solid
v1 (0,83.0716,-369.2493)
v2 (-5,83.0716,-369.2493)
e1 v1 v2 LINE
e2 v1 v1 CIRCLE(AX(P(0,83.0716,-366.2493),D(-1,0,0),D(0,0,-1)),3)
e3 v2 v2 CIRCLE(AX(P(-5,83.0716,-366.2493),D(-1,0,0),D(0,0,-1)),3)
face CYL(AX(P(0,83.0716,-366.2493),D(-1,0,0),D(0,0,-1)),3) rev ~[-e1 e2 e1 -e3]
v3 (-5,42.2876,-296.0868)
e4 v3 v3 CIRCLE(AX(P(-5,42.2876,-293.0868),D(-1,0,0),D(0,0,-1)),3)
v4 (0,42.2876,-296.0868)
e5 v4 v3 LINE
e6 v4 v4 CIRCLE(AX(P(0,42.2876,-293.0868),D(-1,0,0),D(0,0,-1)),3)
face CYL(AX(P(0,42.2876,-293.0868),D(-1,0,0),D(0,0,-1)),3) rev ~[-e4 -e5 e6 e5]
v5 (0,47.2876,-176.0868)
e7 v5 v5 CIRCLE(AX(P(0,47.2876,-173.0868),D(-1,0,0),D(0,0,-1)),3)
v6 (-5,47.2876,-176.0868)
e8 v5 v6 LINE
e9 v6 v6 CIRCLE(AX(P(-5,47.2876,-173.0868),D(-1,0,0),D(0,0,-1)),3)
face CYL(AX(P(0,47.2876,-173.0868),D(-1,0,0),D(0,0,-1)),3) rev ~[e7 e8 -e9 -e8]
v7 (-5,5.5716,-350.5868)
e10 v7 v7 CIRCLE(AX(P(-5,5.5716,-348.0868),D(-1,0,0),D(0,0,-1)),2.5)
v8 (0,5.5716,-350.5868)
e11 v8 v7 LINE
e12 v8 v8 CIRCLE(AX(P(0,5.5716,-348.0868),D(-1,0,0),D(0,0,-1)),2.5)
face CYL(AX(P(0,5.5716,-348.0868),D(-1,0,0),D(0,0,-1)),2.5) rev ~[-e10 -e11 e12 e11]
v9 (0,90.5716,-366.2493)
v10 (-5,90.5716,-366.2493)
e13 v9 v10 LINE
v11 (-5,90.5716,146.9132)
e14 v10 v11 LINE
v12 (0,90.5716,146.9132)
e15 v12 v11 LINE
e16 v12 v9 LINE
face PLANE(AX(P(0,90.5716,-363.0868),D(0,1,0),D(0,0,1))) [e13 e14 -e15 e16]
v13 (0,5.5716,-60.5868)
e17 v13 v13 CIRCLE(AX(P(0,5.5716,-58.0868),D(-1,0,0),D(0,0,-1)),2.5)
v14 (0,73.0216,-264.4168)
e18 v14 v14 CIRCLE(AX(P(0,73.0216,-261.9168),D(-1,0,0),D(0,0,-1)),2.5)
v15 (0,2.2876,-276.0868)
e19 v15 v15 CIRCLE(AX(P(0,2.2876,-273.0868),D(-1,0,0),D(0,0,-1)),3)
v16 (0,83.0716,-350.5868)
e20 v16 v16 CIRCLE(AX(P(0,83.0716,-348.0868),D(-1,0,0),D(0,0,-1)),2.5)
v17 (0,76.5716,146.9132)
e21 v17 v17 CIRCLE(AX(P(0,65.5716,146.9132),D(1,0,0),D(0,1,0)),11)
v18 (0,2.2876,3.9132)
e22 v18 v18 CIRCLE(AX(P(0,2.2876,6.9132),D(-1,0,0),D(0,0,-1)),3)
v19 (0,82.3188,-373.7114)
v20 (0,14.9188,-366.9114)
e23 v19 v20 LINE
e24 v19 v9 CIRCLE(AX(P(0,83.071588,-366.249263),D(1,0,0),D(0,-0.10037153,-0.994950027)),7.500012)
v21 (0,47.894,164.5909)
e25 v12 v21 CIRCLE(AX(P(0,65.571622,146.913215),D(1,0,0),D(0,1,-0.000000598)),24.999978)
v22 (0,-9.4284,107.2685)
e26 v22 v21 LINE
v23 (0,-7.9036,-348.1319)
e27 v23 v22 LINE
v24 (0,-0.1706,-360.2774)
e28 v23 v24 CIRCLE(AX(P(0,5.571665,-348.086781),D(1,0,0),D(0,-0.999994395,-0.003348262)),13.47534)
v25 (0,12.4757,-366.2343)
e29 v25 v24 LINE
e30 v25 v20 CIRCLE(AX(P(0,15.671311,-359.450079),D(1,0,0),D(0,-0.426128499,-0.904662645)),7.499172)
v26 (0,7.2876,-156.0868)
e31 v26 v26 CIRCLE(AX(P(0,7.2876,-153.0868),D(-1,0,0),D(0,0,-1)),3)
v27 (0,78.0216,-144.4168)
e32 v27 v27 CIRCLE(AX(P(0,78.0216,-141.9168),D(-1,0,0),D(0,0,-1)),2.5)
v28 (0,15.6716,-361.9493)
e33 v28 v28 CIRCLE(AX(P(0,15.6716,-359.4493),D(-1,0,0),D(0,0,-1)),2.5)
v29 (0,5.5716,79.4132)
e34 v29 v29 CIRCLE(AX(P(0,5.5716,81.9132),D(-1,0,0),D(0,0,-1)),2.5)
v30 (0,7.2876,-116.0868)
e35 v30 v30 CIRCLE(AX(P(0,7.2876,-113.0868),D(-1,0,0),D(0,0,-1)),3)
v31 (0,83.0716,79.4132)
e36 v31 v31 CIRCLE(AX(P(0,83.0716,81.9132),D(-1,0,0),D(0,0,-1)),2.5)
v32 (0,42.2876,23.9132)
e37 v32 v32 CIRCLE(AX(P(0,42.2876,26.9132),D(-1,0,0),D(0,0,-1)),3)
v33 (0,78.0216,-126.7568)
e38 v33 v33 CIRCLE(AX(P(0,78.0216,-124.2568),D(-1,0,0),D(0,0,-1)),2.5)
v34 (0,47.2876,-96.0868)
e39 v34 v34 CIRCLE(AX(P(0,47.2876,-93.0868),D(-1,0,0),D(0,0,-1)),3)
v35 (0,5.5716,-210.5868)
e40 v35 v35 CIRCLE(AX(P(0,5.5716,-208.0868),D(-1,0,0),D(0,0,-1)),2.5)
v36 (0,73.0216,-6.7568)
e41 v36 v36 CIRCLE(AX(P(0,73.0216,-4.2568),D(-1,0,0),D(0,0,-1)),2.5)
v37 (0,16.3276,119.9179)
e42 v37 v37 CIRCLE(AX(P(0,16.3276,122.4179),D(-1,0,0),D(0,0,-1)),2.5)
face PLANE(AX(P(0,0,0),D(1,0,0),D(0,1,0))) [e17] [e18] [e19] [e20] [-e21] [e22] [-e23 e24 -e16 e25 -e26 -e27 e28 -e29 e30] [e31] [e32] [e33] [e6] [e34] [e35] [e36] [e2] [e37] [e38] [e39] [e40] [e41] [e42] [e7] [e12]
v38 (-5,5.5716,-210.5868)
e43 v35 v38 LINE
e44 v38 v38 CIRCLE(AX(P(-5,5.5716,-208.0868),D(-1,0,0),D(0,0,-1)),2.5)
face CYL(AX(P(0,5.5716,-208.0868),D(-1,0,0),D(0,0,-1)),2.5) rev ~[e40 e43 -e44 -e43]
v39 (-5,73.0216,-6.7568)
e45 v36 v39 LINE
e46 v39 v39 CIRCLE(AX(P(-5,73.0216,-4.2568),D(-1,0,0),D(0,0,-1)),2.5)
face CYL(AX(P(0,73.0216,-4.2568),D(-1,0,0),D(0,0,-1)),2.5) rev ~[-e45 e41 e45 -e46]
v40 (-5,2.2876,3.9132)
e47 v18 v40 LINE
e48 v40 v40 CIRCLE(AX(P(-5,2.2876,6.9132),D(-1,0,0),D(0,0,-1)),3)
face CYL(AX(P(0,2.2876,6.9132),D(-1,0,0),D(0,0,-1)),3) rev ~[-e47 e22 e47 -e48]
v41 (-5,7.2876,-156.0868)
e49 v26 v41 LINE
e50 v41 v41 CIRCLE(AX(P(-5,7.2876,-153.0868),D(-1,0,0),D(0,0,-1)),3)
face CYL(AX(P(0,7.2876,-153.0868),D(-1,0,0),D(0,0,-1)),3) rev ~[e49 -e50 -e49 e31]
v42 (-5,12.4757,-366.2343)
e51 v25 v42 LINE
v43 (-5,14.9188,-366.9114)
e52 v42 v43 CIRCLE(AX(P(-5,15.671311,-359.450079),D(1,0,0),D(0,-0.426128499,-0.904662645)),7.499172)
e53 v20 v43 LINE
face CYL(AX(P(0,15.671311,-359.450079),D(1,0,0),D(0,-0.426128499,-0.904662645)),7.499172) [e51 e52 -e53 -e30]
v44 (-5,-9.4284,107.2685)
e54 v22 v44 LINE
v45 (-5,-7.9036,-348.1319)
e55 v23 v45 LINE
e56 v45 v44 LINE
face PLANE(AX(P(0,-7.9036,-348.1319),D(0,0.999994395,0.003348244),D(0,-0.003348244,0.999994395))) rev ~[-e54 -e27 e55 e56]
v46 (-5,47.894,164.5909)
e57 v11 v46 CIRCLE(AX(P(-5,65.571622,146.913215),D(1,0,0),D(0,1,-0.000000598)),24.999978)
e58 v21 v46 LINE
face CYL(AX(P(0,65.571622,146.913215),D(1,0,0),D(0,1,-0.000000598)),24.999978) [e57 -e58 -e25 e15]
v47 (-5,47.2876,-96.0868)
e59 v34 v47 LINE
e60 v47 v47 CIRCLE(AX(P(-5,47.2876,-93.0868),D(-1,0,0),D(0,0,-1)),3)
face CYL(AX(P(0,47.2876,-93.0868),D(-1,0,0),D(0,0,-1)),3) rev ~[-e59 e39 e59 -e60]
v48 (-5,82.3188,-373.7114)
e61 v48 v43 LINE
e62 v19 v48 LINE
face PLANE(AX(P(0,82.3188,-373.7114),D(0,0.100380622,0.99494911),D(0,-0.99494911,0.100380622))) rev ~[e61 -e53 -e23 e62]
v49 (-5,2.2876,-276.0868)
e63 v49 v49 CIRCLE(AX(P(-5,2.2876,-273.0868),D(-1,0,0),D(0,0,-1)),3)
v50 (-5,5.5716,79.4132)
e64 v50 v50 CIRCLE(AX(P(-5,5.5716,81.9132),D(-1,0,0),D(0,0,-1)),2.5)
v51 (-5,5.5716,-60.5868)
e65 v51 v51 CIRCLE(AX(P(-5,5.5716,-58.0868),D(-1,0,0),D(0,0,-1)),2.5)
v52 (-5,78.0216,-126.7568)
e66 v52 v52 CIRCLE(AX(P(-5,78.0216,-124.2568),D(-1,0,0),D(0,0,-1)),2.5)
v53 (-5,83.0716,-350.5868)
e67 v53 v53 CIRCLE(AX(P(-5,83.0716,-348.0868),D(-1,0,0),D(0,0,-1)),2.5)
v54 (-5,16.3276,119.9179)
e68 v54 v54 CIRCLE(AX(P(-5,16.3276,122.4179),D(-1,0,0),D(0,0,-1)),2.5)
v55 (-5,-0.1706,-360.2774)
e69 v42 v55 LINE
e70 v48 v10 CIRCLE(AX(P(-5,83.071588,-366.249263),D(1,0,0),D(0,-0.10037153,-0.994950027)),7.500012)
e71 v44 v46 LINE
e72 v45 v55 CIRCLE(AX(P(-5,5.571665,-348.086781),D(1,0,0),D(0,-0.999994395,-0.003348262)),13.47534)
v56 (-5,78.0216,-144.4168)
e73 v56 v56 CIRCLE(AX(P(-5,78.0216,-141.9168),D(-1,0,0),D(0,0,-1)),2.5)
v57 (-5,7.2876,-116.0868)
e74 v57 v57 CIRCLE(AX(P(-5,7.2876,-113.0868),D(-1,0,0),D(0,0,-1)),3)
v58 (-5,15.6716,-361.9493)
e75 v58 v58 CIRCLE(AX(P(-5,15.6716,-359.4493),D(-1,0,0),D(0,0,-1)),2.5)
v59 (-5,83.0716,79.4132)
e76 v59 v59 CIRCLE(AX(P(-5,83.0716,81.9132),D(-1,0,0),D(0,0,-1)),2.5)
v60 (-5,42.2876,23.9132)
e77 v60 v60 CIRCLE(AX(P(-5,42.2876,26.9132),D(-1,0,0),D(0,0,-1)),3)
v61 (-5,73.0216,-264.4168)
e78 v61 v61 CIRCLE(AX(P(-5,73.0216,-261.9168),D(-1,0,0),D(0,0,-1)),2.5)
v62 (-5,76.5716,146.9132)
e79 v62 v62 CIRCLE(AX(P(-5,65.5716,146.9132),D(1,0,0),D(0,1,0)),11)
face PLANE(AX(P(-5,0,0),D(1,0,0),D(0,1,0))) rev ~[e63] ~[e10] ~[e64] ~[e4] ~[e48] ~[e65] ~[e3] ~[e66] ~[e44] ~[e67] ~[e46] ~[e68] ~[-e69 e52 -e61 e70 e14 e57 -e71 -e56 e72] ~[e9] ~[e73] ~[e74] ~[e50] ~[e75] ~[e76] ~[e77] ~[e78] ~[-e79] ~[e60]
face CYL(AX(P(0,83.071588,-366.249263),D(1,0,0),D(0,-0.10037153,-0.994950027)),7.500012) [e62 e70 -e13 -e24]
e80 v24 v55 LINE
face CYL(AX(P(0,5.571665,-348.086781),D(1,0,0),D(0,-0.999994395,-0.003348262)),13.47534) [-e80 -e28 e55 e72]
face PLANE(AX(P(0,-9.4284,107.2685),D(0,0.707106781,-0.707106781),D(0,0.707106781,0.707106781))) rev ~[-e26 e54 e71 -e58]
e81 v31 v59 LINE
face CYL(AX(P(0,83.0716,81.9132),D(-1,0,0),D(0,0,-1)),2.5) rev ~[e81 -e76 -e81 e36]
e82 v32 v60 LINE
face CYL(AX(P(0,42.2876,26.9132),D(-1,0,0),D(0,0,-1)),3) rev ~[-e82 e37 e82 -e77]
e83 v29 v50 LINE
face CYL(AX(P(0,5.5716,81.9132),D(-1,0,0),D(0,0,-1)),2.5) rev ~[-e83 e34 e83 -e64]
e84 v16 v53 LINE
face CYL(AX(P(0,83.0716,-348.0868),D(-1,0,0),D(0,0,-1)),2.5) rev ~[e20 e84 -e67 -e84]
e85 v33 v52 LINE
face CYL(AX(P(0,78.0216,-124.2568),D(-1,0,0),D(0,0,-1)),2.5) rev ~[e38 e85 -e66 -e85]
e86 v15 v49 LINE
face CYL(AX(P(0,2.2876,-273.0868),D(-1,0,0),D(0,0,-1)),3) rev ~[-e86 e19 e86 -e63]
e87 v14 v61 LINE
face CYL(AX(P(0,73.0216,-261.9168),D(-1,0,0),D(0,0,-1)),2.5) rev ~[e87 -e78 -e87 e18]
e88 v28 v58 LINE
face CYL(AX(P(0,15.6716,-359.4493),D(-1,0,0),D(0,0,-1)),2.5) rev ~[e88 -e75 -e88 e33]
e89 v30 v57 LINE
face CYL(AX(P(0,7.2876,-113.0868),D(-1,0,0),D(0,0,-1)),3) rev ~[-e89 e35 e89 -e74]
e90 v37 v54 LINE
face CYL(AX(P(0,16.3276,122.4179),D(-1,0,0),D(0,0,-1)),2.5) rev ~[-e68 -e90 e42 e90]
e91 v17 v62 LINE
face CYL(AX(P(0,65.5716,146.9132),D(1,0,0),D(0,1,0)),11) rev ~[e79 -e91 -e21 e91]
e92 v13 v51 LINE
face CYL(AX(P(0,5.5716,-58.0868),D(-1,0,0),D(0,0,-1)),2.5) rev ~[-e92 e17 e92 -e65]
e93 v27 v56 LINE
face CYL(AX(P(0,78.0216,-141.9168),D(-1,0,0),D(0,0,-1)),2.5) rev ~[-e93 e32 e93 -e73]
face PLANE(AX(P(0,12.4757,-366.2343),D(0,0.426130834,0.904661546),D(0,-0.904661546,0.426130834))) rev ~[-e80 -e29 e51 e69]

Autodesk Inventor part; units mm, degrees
ref_plane "YZ Plane" through (0, 0, 0) normal (1, 0, 0) x (0, 1, 0)
ref_plane "XZ Plane" through (0, 0, 0) normal (0, 1, 0) x (-1, 0, 0)
ref_plane "XY Plane" through (0, 0, 0) normal (0, 0, 1) x (1, 0, 0)
sketch "Sketch2" plane through (0, 0, 0) normal (1, 0, 0) x (0, 1, 0)
  line L0 (127.2876, 96.9132) -> (-12.7124, 96.9132) construction
  line L1 (-12.7124, 96.9132) -> (-12.7124, -363.0868) construction
  line L2 (-12.7124, -363.0868) -> (127.2876, -363.0868) construction
  line L3 (127.2876, -363.0868) -> (127.2876, 96.9132) construction
  line L4 (97.2876, 66.9132) -> (17.2876, 66.9132) construction
  line L5 (17.2876, 66.9132) -> (17.2876, -333.0868) construction
  line L6 (17.2876, -333.0868) -> (97.2876, -333.0868) construction
  line L7 (97.2876, -333.0868) -> (97.2876, 66.9132) construction
  point P0 (0, 0)
  dimension "d2" = 140
  dimension "d3" = 460
  dimension "d4" = 80
  dimension "d5" = 400
  dimension "d6" = 30
  dimension "d7" = 30
sketch "Sketch3" plane through (0, 0, 0) normal (1, 0, 0) x (0, 1, 0)
  circle A0 centre (-62.7124, 66.9132) radius 20
  line L0 (-12.7124, 96.9132) -> (-12.7124, -363.0868) construction
  circle A1 centre (-62.7124, -13.0868) radius 20
  circle A2 centre (-62.7124, -93.0868) radius 20
  circle A3 centre (-62.7124, -173.0868) radius 20
  circle A4 centre (-62.7124, -253.0868) radius 20
  circle A5 centre (-62.7124, -333.0868) radius 20
  line L1 (127.2876, 96.9132) -> (-12.7124, 96.9132) construction
  point P0 (0, 0)
  dimension "d8" = 40
  dimension "d9" = 50
  dimension "d12" = 80
  dimension "d17" = 30
sketch "Sketch1" plane through (0, 0, 0) normal (1, 0, 0) x (0, 1, 0)
  circle A0 centre (45.5719, 146.9132) radius 40
  circle A1 centre (85.5719, -453.0868) radius 40
  line L0 (127.2876, 96.9132) -> (-12.7124, 96.9132) construction
  line L1 (-12.7124, -363.0868) -> (127.2876, -363.0868) construction
  line L2 (-62.7124, 66.9132) -> (-62.7124, -13.0868) construction
  line L3 (-62.7124, -253.0868) -> (-62.7124, -333.0868) construction
  line L4 (85.2399, 141.7706) -> (125.4799, -450.3748) construction
  circle A2 centre (-62.7124, 66.9132) radius 20 projected
  line L5 (17.2876, 175.1975) -> (-76.8545, 81.0553)
  circle A3 centre (-62.7124, -333.0868) radius 20 projected
  line L6 (-76.8545, -347.2289) -> (57.2876, -481.3711) construction
  point P0 (0, 0)
  dimension "d0" = 80
  dimension "d1" = 80
  dimension "d18" = 50
  dimension "d19" = 90
  dimension "d45" = 135
  dimension "d46" = 135
sketch "Sketch4" plane through (0, 0, 0) normal (1, 0, 0) x (0, 1, 0)
  line L0 (37.6815, -3.0868) -> (-57.7124, 26.9132) construction
  circle A0 centre (-62.7124, 66.9132) radius 20 projected
  circle A1 centre (-62.7124, -13.0868) radius 20 projected
  line L1 (-62.7124, 66.9132) -> (-62.7124, -13.0868) construction
  circle A2 centre (-27.7124, 112.5679) radius 20 construction
  circle A3 centre (-27.7124, 32.5679) radius 20 construction
  line L2 (-27.7124, 72.5679) -> (37.6815, -3.0868) construction
  line L3 (-27.7124, 72.5679) -> (-57.7124, 26.9132) construction
  line L4 (37.6815, -3.0868) -> (-42.7124, 49.7406) construction
  line L5 (-12.7124, 96.9132) -> (-12.7124, -363.0868) construction
  point P0 (0, 0)
  point P1 (-61.7124, 47.9132)
  point P2 (83.0715, 79.9132)
  point P3 (83.0715, -80.0868)
  point P4 (37.6815, -163.0868)
  point P5 (83.0715, -240.0868)
  point P6 (37.6815, -323.0868)
  dimension "d22" = 40
  dimension "d23" = 5
  dimension "d24" = 30
  dimension "d25" = 40
  dimension "d26" = 40
  dimension "d27" = 80
  dimension "d28" = 40
  dimension "d29" = 100
  dimension "d30" = 100
  dimension "d31" = 35
  dimension "d32" = 54.6292
  dimension "d33" = 27.3146
  dimension "d34" = 56.691
  dimension "d35" = 95.3939
  dimension "d36" = 45.39
  dimension "d37" = 83
  dimension "d40" = 160
sketch "Sketch6" plane through (0, 0, 0) normal (1, 0, 0) x (0, 1, 0)
  line L0 (234.6261, -208.0868) -> (-157.479, -208.0868) construction
  line L1 (237.7494, -58.0868) -> (-154.3557, -58.0868) construction
  line L2 (17.2876, -333.0868) -> (97.2876, -333.0868) construction
  line L3 (97.2876, 66.9132) -> (17.2876, 66.9132) construction
  point P0 (0, 0)
  dimension "d61" = 125
  dimension "d62" = 125
sketch "Sketch5" plane through (0, 0, 0) normal (1, 0, 0) x (0, 1, 0)
  arc A0 (90.5716, 146.9132) -> (47.894, 164.5909) centre (65.5716, 146.9132) ccw
  arc A1 (47.894, 164.5909) -> (90.5716, 146.9132) centre (65.5716, 146.9132) ccw construction
  line L0 (114.7874, 96.9132) -> (-25.2126, 96.9132) construction
  line L1 (-32.7126, -363.0868) -> (107.2874, -363.0868) construction
  line L2 (217.7491, -58.0868) -> (-174.356, -58.0868) construction
  line L3 (214.6258, -208.0868) -> (-177.4793, -208.0868) construction
  circle A2 centre (65.5716, 146.9132) radius 11
  circle A3 centre (65.5716, 146.9132) radius 55 construction
  line L4 (-9.4284, 107.2685) -> (47.894, 164.5909)
  line L5 (-2.7126, 66.9132) -> (-2.7126, -333.0868) construction
  line L6 (-62.7124, -13.0868) -> (-62.7124, -93.0868) construction
  line L7 (-62.7124, -173.0868) -> (-62.7124, -253.0868) construction
  line L8 (90.5716, -363.0868) -> (90.5716, 146.9132)
  line L9 (90.5716, -363.0868) -> (90.5716, -366.2493)
  arc A4 (82.3188, -373.7114) -> (90.5716, -366.2493) centre (83.0716, -366.2493) ccw
  arc A5 (12.4757, -366.2343) -> (14.9188, -366.9114) centre (15.6716, -359.4493) ccw
  line L10 (82.3188, -373.7114) -> (14.9188, -366.9114)
  arc A6 (-7.9036, -348.1319) -> (-0.1706, -360.2774) centre (5.5716, -348.0868) ccw
  line L11 (12.4757, -366.2343) -> (-0.1706, -360.2774)
  line L12 (-7.9036, -348.1319) -> (-9.4284, 107.2685)
  point P0 (0, 0)
  point P1 (83.0716, 81.9132)
  point P2 (83.0716, -348.0868)
  point P3 (16.3276, 122.4179)
  point P4 (8.0719, -82.4742)
  point P5 (8.0719, -243.0868)
  point P6 (-17.7126, -58.0868)
  point P7 (-17.7126, -208.0868)
  point P8 (5.5716, 81.9132)
  point P9 (-62.7124, 66.9132)
  point P10 (-62.7124, -333.0868)
  point P11 (-62.7124, -53.0868)
  point P12 (-62.7124, -213.0868)
  point P13 (2.2876, 6.9132)
  point P14 (42.2876, 26.9132)
  point P15 (47.2876, -93.0868)
  point P16 (7.2876, -113.0868)
  point P17 (7.2876, -153.0868)
  point P18 (47.2876, -173.0868)
  point P19 (42.2876, -293.0868)
  point P20 (2.2876, -273.0868)
  point P21 (2.2876, 6.9132)
  point P22 (-62.7124, 66.9132)
  point P23 (5.5716, -208.0868)
  point P24 (5.5716, -58.0868)
  point P25 (73.0216, -4.2568)
  point P26 (78.0216, -124.2568)
  point P27 (78.0216, -141.9168)
  point P28 (73.0216, -261.9168)
  dimension "d84" = 110
  dimension "d47" = 50
  dimension "d63" = 15
  dimension "d65" = 15
  dimension "d81" = 22
  dimension "d101" = 7.5
  dimension "d151" = 15
  dimension "d155" = 15
  dimension "d159" = 15
  dimension "d163" = 60
  dimension "d164" = 65
  dimension "d165" = 20
  dimension "d166" = 40
  dimension "d174" = 60
  dimension "d175" = 70
  dimension "d176" = 40
  dimension "d177" = 20
  dimension "d196" = 128.284
  dimension "d198" = 11.17
  dimension "d199" = 70.734
  dimension "d200" = 11.17
  dimension "d201" = 70.734
  dimension "d204" = 11.17
  dimension "d213" = 65
  dimension "d214" = 40
  dimension "d215" = 20
  dimension "d216" = 20
  dimension "d217" = 40
  dimension "d218" = 70.734
  dimension "d219" = 70.734
  dimension "d220" = 11.17
  dimension "d221" = 67.4
  dimension "d222" = 6.8
  dimension "d223" = 7.5
  dimension "d224" = 15
  dimension "d225" = 15
extrude "Extrusion1" add sketch "Sketch5" against normal blind 5
hole "Hole1" at (0, 83.0716, 81.9132) at (0, 16.3276, 122.4179) at (0, 5.5716, -348.0868) at (0, 83.0716, -348.0868) at (0, -17.7126, -58.0868) at (0, -17.7126, -208.0868) at (0, 5.5716, 81.9132) at (0, 5.5716, -58.0868) at (0, 5.5716, -208.0868) direction (-1, 0, 0) diameter 5 end through all clearance for "Flat Head Machine Screw" size "M5" standard "Ansi Metric M Profile"
hole "Otwór2" at (0, 2.2876, 6.9132) at (0, 42.2876, 26.9132) at (0, 7.2876, -113.0868) at (0, 47.2876, -93.0868) at (0, 7.2876, -153.0868) at (0, 47.2876, -173.0868) at (0, 2.2876, -273.0868) at (0, 42.2876, -293.0868) at (0, 83.0716, -366.2493) direction (-1, 0, 0) diameter 6 end through all
hole "Otwór3" at (0, 73.0216, -4.2568) at (0, 78.0216, -141.9168) at (0, 78.0216, -124.2568) at (0, 73.0216, -261.9168) at (0, 15.6716, -359.4493) direction (-1, 0, 0) diameter 5 end through all
equation "\"d28\" = 0.5 * d27"
equation "\"d30\" = d29"
equation "\"d33\" = 0.5 * d32"
equation "\"d62\" = d61"
properties part number "plyta_glowna" material "Aluminium 6061"
